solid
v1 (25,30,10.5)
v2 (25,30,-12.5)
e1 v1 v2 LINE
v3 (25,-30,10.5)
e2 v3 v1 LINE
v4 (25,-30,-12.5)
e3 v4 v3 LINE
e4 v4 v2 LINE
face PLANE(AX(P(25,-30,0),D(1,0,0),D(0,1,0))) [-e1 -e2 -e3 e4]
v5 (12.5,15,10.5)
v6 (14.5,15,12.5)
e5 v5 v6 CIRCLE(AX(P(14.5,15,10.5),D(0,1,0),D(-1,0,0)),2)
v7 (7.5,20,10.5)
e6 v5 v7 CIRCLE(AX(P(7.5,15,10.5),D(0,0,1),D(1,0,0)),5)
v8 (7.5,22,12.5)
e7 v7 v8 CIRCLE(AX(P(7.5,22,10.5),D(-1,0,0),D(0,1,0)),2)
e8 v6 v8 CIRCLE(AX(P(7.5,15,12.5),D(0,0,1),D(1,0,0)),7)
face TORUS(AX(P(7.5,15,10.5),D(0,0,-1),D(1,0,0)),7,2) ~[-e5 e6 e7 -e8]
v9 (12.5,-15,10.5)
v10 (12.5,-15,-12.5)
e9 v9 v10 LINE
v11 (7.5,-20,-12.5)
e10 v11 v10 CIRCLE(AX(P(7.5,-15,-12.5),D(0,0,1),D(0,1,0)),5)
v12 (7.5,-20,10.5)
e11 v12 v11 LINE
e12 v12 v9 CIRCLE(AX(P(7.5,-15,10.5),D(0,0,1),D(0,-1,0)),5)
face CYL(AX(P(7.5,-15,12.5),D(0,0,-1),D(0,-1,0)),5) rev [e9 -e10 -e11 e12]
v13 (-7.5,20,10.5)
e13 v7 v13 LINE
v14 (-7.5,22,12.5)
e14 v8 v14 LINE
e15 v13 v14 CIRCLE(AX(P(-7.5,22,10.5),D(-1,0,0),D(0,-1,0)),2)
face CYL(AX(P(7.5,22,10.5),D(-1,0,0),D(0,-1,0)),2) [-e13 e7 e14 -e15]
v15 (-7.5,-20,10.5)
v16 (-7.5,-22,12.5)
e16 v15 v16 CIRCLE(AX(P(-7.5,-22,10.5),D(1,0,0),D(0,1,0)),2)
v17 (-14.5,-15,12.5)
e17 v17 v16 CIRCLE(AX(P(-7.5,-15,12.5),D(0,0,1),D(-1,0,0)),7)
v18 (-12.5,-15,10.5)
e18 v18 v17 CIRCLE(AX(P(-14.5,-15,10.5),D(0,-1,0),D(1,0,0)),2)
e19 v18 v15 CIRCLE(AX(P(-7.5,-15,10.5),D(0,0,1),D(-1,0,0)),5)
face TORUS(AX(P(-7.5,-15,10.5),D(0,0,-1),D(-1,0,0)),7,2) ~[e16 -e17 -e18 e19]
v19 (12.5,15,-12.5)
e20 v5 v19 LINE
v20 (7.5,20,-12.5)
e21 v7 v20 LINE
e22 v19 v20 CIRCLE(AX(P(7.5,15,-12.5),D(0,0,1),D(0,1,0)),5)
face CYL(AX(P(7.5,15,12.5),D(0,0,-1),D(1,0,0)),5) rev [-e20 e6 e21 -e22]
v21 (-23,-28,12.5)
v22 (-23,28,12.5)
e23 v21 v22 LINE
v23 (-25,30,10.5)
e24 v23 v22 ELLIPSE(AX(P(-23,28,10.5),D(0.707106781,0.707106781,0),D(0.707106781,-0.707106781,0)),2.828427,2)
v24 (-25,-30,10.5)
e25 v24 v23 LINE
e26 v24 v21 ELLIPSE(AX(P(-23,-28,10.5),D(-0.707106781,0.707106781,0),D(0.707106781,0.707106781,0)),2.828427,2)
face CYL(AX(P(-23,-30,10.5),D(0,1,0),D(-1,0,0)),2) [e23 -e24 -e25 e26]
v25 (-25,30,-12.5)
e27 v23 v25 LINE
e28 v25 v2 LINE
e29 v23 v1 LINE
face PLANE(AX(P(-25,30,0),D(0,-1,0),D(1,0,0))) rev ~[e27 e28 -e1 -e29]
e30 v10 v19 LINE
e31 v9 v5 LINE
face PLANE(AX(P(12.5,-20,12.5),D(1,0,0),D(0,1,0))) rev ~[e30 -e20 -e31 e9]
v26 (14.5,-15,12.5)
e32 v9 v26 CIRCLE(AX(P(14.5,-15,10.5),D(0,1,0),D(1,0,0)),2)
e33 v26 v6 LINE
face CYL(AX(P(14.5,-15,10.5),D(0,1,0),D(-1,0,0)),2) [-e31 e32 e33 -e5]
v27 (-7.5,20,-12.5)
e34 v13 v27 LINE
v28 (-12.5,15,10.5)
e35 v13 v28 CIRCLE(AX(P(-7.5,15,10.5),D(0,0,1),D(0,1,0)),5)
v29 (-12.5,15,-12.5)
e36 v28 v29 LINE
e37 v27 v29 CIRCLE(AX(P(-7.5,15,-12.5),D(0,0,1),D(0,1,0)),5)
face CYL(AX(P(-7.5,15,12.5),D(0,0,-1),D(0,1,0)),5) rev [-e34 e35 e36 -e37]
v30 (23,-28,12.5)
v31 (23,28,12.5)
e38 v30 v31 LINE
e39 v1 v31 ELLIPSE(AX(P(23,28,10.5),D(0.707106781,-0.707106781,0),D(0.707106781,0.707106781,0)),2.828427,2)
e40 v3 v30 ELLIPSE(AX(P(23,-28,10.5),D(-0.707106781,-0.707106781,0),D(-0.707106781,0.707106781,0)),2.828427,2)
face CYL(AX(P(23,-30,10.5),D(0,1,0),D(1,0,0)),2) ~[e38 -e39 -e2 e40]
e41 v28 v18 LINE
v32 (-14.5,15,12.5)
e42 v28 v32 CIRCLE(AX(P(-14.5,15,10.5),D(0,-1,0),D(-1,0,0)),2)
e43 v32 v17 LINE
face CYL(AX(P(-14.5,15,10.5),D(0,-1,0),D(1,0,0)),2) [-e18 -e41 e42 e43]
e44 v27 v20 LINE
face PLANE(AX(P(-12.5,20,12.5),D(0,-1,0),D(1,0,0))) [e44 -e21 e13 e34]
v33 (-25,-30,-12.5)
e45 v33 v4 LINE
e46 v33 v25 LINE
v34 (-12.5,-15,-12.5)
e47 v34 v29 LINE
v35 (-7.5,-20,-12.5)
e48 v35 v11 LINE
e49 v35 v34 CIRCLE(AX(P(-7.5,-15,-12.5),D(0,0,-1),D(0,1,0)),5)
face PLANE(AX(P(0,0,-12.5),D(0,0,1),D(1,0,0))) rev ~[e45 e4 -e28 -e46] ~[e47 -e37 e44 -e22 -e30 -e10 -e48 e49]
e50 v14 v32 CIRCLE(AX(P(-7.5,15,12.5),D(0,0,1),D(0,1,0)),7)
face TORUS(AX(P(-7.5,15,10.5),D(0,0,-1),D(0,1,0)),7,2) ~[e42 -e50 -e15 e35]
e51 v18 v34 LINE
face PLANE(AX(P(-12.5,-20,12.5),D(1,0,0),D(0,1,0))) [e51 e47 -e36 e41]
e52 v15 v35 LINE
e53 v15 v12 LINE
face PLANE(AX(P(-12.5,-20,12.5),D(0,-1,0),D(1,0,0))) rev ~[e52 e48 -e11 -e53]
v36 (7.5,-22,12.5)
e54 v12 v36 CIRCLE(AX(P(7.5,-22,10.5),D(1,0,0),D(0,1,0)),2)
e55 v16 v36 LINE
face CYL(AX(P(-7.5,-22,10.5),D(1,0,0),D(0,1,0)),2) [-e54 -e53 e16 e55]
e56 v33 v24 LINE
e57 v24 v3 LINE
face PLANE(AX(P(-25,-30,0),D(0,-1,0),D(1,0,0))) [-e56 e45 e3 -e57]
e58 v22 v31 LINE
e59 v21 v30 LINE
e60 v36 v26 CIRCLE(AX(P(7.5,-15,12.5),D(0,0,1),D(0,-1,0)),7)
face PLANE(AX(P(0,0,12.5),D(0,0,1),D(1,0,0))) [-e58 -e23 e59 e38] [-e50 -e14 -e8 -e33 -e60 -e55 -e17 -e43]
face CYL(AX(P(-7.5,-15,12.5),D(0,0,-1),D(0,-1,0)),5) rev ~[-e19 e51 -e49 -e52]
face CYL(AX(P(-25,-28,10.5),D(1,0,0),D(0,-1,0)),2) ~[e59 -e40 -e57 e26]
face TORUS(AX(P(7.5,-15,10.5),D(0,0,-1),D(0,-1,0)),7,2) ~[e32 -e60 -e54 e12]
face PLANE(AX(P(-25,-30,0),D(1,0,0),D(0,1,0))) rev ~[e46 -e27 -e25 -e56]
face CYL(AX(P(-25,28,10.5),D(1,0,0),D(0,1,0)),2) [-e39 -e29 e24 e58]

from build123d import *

# Parameters (mm, degrees)
F0_W     = 50
F0_H     = 60
F1_DEPTH = 12.5
F2_W     = 25
F2_H     = 40
F3_DEPTH = 25.001
F4_R     = 5
F5_R     = 2


with BuildPart() as f1:
    # F0 (on Top) → F1 (new body, symmetric)
    with BuildSketch(Plane.XY):
        Rectangle(F0_W, F0_H)
    extrude(amount=F1_DEPTH, both=True)

    # F2 (on face) → F3 (cut, through all)
    with BuildSketch(Plane.XY.offset(12.5)):
        Rectangle(F2_W, F2_H)
    extrude(amount=-F3_DEPTH, mode=Mode.SUBTRACT)

    # F4
    f4_edges = [f1.edges().sort_by_distance(p)[0] for p in [
        (12.5, -20, 0),
        (-12.5, -20, 0),
        (-12.5, 20, 0),
        (12.5, 20, 0),
    ]]
    fillet(f4_edges, radius=F4_R)

    # F5
    f5_edges = [f1.edges().sort_by_distance(p)[0] for p in [
        (0, -20, 12.5),
        (-11.035534, -18.535534, 12.5),
        (11.035534, -18.535534, 12.5),
        (-12.5, 0, 12.5),
        (12.5, 0, 12.5),
        (-11.035534, 18.535534, 12.5),
        (11.035534, 18.535534, 12.5),
        (0, 20, 12.5),
        (25, 0, 12.5),
        (0, -30, 12.5),
        (0, 30, 12.5),
        (-25, 0, 12.5),
    ]]
    fillet(f5_edges, radius=F5_R)


solid = f1.part
